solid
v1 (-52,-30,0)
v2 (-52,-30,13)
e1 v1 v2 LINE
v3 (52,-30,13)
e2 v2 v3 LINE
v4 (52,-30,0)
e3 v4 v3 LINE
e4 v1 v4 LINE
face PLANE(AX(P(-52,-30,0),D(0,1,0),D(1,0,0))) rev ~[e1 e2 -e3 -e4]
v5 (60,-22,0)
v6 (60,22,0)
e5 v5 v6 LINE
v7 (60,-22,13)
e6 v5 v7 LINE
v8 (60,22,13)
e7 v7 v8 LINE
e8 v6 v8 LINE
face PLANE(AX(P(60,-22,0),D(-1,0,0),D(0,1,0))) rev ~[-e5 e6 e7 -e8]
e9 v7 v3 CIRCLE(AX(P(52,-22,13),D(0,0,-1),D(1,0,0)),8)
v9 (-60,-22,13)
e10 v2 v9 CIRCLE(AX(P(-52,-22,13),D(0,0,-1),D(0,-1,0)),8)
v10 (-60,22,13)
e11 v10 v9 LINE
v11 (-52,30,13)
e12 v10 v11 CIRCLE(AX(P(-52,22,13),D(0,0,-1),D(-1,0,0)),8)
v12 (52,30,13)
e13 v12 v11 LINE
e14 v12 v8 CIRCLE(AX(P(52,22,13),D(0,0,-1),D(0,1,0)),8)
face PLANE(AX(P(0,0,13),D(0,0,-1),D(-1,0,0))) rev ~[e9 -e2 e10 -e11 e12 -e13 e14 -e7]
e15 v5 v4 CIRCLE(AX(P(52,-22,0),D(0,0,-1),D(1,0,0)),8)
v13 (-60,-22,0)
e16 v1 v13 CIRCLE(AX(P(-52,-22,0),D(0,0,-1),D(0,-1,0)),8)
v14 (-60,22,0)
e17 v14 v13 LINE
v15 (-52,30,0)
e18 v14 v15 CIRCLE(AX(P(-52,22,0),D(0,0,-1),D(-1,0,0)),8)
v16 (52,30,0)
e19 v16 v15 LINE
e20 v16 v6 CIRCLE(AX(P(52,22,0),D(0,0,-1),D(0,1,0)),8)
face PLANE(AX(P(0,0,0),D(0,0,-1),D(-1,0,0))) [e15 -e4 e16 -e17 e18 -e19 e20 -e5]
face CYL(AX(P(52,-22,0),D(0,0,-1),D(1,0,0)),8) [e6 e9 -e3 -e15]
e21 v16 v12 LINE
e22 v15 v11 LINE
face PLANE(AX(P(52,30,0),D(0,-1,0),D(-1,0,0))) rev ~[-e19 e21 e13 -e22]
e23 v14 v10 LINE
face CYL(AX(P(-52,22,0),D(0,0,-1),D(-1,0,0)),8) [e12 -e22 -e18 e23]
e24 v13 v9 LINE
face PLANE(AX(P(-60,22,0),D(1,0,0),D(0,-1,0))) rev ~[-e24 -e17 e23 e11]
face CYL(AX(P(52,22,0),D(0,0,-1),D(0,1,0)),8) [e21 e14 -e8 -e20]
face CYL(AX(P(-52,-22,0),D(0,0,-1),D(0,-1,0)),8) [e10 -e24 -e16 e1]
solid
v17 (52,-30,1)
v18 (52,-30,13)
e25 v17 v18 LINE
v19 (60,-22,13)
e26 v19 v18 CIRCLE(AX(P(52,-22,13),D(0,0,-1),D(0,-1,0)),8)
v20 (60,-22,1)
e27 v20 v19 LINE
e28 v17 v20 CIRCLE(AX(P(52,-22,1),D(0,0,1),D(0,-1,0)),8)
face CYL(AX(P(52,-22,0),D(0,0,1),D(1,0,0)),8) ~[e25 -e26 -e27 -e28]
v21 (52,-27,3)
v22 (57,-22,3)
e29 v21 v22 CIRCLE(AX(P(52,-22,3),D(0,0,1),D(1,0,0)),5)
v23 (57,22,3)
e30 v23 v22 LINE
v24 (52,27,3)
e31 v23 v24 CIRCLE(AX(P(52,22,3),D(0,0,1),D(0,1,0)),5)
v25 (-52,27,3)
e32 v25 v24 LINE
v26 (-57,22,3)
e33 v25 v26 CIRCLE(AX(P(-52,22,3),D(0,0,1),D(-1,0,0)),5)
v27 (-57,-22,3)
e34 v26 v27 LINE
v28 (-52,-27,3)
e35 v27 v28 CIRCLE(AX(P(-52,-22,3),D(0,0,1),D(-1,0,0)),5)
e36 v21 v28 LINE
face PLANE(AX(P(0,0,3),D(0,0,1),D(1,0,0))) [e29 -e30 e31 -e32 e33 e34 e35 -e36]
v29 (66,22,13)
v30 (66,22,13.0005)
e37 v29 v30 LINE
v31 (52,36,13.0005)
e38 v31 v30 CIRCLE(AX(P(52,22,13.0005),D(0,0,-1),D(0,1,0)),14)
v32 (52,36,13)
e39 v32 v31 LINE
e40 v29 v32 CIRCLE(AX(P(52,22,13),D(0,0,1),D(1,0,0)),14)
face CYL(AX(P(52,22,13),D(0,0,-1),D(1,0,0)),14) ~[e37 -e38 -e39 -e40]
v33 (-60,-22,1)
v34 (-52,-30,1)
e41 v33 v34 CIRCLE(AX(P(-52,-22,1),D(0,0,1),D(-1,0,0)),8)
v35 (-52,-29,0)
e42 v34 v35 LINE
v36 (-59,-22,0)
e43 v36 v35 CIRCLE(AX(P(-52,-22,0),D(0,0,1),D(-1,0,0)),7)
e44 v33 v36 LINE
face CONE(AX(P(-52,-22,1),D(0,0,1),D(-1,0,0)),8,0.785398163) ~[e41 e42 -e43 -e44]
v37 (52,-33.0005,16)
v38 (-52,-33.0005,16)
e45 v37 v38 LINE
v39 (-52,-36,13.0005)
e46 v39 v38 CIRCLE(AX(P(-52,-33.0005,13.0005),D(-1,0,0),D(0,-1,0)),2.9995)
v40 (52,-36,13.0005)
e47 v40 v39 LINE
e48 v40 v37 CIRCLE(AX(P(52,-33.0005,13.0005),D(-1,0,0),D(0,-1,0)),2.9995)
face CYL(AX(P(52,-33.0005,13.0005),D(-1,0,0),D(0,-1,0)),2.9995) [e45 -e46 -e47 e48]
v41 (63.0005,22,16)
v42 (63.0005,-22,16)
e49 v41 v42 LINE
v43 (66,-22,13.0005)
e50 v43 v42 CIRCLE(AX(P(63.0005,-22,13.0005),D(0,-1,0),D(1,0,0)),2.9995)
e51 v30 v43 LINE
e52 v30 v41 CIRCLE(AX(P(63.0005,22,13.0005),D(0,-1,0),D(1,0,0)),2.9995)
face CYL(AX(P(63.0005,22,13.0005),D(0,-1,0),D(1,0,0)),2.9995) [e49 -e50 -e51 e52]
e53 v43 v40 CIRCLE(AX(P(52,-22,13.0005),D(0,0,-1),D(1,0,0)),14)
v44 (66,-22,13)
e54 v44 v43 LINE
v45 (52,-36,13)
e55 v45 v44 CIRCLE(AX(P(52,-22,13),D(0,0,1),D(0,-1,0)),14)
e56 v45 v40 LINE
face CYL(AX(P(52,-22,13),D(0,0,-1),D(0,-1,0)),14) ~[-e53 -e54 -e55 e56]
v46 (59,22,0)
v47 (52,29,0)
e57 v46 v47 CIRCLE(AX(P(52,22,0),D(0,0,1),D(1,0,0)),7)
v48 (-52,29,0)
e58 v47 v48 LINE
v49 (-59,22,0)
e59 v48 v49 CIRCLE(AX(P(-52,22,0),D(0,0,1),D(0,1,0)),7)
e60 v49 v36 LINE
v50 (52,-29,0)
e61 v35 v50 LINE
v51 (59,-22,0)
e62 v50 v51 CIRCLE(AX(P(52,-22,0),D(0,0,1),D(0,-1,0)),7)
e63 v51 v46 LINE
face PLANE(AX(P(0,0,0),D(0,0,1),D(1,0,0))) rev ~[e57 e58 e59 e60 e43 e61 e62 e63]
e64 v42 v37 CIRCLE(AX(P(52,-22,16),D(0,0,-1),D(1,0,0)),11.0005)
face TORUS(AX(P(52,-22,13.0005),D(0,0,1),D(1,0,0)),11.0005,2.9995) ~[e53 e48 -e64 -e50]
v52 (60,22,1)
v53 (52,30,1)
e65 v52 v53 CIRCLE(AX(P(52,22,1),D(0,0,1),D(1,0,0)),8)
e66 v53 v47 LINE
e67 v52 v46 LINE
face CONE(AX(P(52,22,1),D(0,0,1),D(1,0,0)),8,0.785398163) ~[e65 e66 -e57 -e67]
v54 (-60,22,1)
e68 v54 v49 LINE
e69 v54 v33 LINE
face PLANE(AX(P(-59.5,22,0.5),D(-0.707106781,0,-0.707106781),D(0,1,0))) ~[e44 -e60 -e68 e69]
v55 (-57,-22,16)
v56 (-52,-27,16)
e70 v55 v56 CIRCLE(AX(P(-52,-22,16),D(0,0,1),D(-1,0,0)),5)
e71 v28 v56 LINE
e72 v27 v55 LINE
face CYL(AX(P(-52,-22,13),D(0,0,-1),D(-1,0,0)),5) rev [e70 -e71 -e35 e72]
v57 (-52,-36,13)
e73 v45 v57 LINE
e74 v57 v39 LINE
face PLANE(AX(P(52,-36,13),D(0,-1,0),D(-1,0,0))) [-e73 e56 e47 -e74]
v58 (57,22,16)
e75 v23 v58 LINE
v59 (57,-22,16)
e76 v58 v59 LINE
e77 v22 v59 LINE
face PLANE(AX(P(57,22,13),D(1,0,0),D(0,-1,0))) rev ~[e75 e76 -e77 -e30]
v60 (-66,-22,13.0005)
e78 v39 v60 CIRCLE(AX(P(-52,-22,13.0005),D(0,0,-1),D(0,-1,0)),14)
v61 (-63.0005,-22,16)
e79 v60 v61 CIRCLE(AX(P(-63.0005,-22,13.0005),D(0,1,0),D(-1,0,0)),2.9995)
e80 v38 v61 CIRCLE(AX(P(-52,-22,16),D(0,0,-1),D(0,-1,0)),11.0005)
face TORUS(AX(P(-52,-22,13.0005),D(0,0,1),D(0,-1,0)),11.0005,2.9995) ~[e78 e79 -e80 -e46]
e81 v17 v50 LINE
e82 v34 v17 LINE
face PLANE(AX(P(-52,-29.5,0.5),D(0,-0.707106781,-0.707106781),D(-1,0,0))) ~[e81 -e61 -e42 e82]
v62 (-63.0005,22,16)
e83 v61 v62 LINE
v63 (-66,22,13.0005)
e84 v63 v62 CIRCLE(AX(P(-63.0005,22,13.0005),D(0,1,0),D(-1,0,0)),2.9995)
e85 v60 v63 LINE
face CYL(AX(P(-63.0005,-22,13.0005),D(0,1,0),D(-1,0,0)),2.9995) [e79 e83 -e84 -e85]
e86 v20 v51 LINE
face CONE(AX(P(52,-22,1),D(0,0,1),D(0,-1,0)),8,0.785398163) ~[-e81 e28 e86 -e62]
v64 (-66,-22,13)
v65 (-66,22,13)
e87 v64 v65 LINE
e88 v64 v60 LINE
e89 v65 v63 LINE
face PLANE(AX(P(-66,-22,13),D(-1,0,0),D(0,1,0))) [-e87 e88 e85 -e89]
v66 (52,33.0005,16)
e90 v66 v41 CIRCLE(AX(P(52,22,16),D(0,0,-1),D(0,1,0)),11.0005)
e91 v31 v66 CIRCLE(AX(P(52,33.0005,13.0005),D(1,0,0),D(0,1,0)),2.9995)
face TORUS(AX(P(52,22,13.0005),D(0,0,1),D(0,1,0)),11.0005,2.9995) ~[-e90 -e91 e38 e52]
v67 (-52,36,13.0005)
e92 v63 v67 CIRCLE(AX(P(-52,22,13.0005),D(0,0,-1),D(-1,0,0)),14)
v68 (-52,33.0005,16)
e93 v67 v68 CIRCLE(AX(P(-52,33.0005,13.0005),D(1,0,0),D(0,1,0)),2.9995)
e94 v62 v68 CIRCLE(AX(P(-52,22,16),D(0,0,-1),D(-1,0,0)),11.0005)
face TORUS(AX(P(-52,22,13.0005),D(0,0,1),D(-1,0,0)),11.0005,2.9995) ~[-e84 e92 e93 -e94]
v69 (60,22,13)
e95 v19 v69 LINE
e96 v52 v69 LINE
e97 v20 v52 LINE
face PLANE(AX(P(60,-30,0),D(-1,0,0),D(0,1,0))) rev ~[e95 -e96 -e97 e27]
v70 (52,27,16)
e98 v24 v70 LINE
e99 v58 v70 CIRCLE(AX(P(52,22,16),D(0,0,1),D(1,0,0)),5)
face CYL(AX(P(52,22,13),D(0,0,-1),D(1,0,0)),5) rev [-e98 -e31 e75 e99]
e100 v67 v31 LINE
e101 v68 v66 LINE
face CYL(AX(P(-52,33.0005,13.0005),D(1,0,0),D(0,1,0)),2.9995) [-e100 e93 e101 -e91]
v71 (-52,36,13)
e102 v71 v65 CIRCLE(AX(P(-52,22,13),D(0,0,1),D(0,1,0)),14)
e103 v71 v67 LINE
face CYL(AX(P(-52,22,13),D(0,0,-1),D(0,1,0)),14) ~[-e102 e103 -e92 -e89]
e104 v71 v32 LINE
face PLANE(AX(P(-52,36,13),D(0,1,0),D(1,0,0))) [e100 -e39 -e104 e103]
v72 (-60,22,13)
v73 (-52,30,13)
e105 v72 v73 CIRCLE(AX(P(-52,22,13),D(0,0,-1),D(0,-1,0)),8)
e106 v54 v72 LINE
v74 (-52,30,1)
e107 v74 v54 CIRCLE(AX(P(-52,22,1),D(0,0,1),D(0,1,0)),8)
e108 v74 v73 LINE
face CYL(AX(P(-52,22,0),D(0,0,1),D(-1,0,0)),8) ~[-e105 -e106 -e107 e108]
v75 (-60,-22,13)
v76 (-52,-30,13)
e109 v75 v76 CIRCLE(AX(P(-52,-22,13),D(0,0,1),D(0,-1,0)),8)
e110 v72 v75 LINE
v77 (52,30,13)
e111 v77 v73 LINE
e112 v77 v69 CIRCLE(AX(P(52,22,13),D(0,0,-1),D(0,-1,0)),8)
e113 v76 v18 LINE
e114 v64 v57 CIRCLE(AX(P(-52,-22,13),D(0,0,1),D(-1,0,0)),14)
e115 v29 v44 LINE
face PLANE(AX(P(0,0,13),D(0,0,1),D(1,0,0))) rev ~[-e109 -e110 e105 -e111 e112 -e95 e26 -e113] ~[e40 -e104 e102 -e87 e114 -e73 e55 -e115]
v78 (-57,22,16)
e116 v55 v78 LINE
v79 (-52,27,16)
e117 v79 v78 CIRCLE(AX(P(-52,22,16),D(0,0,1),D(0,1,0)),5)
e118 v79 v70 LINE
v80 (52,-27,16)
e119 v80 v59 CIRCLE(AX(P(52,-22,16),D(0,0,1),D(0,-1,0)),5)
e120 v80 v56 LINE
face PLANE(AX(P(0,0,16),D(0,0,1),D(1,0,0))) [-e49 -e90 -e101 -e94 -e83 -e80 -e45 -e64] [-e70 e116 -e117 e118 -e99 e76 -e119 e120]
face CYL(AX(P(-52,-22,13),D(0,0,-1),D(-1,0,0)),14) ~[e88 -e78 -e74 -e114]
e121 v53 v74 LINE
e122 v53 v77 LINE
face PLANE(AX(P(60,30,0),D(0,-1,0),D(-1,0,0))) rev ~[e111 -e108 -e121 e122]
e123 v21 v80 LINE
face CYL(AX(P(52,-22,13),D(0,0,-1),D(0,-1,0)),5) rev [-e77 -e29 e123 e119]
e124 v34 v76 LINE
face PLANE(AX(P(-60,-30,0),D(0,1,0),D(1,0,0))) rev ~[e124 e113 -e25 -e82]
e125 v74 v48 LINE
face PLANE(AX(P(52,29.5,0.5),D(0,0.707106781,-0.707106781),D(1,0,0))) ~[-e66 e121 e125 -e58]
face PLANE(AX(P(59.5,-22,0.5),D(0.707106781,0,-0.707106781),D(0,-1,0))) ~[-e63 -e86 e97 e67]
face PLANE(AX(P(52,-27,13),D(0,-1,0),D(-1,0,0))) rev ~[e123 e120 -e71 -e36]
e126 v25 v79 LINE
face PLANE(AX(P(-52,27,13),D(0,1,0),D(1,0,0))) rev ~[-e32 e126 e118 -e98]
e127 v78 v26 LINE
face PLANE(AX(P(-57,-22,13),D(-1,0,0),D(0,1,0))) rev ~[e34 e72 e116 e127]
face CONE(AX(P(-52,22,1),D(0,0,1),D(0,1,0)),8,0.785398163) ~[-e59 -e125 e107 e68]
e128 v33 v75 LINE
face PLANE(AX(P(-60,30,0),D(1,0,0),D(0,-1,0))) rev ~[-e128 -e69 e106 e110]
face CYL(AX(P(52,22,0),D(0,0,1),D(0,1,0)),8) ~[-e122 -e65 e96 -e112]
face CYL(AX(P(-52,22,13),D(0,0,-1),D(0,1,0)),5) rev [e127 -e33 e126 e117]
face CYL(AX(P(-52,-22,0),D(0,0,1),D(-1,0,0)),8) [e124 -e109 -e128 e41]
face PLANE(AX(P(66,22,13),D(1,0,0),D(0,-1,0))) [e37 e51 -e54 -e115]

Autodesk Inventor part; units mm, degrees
ref_plane "YZ Plane" through (0, 0, 0) normal (1, 0, 0) x (0, 1, 0)
ref_plane "XZ Plane" through (0, 0, 0) normal (0, 1, 0) x (-1, 0, 0)
ref_plane "XY Plane" through (0, 0, 0) normal (0, 0, 1) x (1, 0, 0)
sketch "Sketch1" plane through (0, 0, 0) normal (0, 0, 1) x (1, 0, 0)
  line L0 (-60, -30) -> (60, -30)
  line L1 (60, -30) -> (60, 30)
  line L2 (60, 30) -> (-60, 30)
  line L3 (-60, 30) -> (-60, -30)
  line L4 (-60, -30) -> (60, 30) construction
  line L5 (60, -30) -> (-60, 30) construction
  point P0 (0, 0)
extrude "Extrusion1" add sketch "Sketch1" along normal blind 13
fillet "Fillet1" radius 8 4 edges at (-60, -30, 6.5) (-60, 30, 6.5) (60, -30, 6.5) (60, 30, 6.5)
shell "Shell1" thickness 3 removed faces 1 at (17.3333, -10, 13)
sketch "Sketch2" plane through (0, 0, 13) normal (0, 0, 1) x (1, 0, 0)
  arc A0 (60, 22) -> (52, 30) centre (52, 22) ccw projected
  line L0 (52, 30) -> (-52, 30) projected
  arc A1 (-52, 30) -> (-60, 22) centre (-52, 22) ccw projected
  line L1 (-60, 22) -> (-60, -22) projected
  arc A2 (-60, -22) -> (-52, -30) centre (-52, -22) ccw projected
  line L2 (-52, -30) -> (52, -30) projected
  arc A3 (52, -30) -> (60, -22) centre (52, -22) ccw projected
  line L3 (60, -22) -> (60, 22) projected
  line L4 (-52, 36) -> (52, 36)
  arc A4 (66, 22) -> (52, 36) centre (52, 22) ccw
  line L5 (66, 22) -> (66, -22)
  arc A5 (52, -36) -> (66, -22) centre (52, -22) ccw
  line L6 (52, -36) -> (-52, -36)
  arc A6 (-66, -22) -> (-52, -36) centre (-52, -22) ccw
  line L7 (-66, -22) -> (-66, 22)
  arc A7 (-52, 36) -> (-66, 22) centre (-52, 22) ccw
  arc A8 (-52, 27) -> (-57, 22) centre (-52, 22) ccw projected
  line L8 (-52, 27) -> (52, 27) projected
  arc A9 (57, 22) -> (52, 27) centre (52, 22) ccw projected
  line L9 (57, 22) -> (57, -22) projected
  arc A10 (52, -27) -> (57, -22) centre (52, -22) ccw projected
  line L10 (52, -27) -> (-52, -27) projected
  arc A11 (-57, -22) -> (-52, -27) centre (-52, -22) ccw projected
  line L11 (-57, -22) -> (-57, 22) projected
  arc A12 (60, 22) -> (52, 30) centre (52, 22) ccw projected
  line L12 (52, 30) -> (-52, 30) projected
  arc A13 (-52, 30) -> (-60, 22) centre (-52, 22) ccw projected
  line L13 (-60, 22) -> (-60, -22) projected
  arc A14 (-60, -22) -> (-52, -30) centre (-52, -22) ccw projected
  line L14 (-52, -30) -> (52, -30) projected
  arc A15 (52, -30) -> (60, -22) centre (52, -22) ccw projected
  line L15 (60, -22) -> (60, 22) projected
  point P0 (0, 0)
  dimension "d5" = 6
extrude "Extrusion2" add sketch "Sketch2" along normal blind 3 contours L3 A3 L2 A2 L1 A1 L0 A0 | L4 A4 L5 A5 L6 A6 L7 A7
fillet "Fillet2" radius 3 8 edges at (-66, 0, 16) (-61.8995, -31.8995, 16) (0, -36, 16) (61.8995, -31.8995, 16) (66, 0, 16) (61.8995, 31.8995, 16) (0, 36, 16) (-61.8995, 31.8995, 16)
sketch "Sketch3" plane through (0, 0, 0) normal (0, 0, -1) x (-1, 0, 0)
  arc A0 (-52, 30) -> (-60, 22) centre (-52, 22) ccw projected
  line L0 (-60, -22) -> (-60, 22) projected
  arc A1 (-60, -22) -> (-52, -30) centre (-52, -22) ccw projected
  line L1 (52, -30) -> (-52, -30) projected
  arc A2 (52, -30) -> (60, -22) centre (52, -22) ccw projected
  line L2 (60, 22) -> (60, -22) projected
  arc A3 (60, 22) -> (52, 30) centre (52, 22) ccw projected
  line L3 (-52, 30) -> (52, 30) projected
  point P0 (0, 0)
chamfer "Chamfer1" distance 1 angle 45 8 edges at (-60, 0, 0) (-57.6569, -27.6569, 0) (0, -30, 0) (57.6569, -27.6569, 0) (60, 0, 0) (57.6569, 27.6569, 0) (0, 30, 0) (-57.6569, 27.6569, 0)
extrude "Extrusion3" add sketch "Sketch3" against normal up to surface (13 mm away) separate body
sketch "Sketch4" plane through (-52, 30, 13) normal (0, 0, 1) x (1, 0, 0)
  line L0 (112, -8) -> (112, -52) projected
  line L1 (0, 0) -> (104, 0) projected
  point P0 (52, -30)
  point P1 (112, -30)
  point P2 (52, 0)
equation "\"zzz\" = 1"
properties part number "Holder" material "Polycarbonate, Smoke"
